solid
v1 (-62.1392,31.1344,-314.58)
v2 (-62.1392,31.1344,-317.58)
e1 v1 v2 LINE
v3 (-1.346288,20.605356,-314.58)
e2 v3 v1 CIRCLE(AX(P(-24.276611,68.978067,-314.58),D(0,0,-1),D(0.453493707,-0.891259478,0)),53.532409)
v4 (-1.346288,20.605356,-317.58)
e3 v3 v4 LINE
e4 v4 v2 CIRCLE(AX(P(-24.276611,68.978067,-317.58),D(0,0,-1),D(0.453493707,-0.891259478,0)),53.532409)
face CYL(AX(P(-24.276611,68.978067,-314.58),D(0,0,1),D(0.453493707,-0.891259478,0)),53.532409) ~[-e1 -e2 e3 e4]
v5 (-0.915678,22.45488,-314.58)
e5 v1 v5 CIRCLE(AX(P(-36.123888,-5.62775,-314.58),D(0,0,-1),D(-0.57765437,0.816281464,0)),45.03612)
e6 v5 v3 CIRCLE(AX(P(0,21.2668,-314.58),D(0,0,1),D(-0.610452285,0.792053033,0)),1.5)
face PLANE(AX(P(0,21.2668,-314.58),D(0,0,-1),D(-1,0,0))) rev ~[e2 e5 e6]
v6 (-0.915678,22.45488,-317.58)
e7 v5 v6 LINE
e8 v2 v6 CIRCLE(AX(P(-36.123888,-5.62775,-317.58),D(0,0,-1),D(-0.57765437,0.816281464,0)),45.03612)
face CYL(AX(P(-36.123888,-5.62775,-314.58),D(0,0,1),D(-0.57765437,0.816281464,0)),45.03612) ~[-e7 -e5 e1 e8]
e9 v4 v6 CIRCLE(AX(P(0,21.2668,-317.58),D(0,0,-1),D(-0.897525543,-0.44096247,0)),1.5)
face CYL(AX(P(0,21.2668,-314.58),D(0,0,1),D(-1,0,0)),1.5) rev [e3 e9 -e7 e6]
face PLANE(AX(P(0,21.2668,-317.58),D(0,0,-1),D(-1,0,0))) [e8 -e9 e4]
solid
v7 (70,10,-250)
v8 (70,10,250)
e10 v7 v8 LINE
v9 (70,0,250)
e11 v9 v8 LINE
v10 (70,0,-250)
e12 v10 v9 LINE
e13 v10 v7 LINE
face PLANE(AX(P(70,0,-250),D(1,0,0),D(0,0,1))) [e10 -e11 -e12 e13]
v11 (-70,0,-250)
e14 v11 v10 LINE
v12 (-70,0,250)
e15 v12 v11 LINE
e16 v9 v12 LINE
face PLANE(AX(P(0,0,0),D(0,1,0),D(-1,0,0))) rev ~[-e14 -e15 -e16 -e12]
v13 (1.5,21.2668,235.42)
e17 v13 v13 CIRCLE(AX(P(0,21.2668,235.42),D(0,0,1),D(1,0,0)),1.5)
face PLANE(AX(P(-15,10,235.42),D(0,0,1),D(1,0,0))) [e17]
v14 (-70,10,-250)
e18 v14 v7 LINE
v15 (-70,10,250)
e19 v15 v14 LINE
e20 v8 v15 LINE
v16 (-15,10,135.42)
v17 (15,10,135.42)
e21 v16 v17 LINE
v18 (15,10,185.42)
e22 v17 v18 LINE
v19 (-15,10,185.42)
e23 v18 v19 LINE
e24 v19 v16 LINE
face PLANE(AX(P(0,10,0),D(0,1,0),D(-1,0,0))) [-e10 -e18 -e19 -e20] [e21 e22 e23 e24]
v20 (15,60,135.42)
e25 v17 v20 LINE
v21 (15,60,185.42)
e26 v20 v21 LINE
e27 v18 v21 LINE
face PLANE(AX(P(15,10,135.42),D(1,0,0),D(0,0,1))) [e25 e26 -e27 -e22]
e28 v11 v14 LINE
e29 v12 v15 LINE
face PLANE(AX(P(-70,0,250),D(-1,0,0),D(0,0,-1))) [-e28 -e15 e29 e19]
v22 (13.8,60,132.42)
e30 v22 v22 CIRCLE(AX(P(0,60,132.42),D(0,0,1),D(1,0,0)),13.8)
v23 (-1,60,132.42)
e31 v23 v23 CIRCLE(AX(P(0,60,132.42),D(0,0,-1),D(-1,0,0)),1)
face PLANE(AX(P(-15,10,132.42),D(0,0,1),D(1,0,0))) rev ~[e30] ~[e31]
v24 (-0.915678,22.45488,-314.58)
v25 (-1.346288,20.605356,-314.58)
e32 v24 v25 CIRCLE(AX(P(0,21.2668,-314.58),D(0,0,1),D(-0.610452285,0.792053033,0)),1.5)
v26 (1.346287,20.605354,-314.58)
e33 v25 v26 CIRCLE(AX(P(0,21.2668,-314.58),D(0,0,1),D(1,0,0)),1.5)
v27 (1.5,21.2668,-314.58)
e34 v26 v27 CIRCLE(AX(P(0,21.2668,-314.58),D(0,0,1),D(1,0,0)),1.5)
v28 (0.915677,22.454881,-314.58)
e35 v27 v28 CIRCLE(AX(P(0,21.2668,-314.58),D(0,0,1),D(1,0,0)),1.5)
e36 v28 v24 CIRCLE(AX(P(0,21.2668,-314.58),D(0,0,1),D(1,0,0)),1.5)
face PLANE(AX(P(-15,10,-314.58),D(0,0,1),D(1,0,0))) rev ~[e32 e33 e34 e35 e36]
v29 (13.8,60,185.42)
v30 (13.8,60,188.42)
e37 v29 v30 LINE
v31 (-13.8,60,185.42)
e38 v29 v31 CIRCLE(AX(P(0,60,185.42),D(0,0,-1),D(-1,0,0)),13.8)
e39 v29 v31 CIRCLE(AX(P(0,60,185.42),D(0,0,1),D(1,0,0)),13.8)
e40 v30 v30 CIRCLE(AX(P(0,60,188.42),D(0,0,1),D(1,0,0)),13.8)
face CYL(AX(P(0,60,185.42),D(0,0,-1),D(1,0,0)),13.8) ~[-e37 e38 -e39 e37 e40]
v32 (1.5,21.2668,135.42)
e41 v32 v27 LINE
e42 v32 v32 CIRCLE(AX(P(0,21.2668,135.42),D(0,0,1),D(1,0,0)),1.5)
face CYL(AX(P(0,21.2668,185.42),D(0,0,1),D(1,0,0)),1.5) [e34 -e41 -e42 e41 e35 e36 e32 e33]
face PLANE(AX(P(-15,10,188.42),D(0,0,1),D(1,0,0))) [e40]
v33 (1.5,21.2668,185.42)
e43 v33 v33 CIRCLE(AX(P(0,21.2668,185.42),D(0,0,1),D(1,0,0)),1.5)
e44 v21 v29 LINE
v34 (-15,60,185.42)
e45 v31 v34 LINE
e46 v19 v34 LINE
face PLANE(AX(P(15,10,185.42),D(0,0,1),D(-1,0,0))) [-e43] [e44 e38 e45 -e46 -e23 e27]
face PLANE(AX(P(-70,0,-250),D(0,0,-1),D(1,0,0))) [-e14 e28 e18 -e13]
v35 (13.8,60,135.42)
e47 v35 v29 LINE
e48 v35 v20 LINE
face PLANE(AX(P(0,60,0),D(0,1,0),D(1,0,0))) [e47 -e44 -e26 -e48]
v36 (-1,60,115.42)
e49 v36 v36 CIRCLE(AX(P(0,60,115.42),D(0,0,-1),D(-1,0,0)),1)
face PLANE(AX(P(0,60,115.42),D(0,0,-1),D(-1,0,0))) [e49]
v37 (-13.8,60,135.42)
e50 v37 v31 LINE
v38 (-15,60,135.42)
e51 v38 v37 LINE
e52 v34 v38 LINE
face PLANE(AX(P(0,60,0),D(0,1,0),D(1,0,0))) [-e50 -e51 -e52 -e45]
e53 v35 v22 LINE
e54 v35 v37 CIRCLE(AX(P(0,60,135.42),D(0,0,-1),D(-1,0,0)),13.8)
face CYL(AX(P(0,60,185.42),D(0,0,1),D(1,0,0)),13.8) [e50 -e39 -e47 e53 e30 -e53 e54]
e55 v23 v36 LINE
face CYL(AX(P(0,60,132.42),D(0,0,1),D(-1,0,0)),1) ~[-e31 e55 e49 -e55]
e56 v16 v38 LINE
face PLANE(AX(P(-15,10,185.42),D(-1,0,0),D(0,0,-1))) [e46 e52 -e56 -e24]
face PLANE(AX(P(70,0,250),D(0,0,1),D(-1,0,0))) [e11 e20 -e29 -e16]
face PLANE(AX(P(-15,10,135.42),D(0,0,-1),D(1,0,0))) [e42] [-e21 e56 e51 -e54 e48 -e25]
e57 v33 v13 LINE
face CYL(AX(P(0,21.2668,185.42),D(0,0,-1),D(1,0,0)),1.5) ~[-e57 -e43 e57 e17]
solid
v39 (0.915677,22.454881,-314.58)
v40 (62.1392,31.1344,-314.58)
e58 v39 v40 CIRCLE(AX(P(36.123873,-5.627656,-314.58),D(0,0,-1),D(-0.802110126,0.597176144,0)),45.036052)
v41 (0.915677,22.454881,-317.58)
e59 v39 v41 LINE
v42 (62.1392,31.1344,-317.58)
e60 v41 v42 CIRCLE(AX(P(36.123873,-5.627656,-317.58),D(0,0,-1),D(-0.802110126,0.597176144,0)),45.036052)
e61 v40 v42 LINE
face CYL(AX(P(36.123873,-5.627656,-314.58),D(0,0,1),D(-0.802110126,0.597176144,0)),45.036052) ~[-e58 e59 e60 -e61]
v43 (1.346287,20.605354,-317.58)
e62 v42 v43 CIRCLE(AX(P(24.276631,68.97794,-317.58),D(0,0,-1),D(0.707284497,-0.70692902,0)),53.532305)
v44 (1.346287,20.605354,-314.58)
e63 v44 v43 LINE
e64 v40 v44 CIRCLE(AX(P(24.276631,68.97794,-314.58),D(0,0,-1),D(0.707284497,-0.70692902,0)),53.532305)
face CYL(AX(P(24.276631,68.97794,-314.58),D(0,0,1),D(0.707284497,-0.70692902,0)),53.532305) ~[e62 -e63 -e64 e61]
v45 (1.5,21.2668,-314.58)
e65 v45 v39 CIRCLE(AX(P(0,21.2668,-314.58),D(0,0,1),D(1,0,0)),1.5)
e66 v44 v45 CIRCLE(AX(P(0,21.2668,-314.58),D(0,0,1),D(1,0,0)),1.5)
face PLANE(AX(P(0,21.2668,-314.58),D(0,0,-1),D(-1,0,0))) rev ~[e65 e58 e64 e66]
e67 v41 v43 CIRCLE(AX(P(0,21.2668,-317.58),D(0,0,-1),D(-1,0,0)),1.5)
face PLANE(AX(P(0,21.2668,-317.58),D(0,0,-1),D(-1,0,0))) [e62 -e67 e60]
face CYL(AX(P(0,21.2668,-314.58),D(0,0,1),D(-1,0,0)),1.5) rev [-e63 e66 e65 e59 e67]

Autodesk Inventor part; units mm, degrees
ref_plane "YZ Plane" through (0, 0, 0) normal (1, 0, 0) x (0, 1, 0)
ref_plane "XZ Plane" through (0, 0, 0) normal (0, 1, 0) x (-1, 0, 0)
ref_plane "XY Plane" through (0, 0, 0) normal (0, 0, 1) x (1, 0, 0)
sketch "Sketch1" plane through (0, 0, 0) normal (0, 1, 0) x (-1, 0, 0)
  line L0 (-70, 250) -> (70, 250)
  line L1 (70, 250) -> (70, -250)
  line L2 (70, -250) -> (-70, -250)
  line L3 (-70, -250) -> (-70, 250)
  line L4 (-70, 250) -> (70, -250) construction
  line L5 (70, 250) -> (-70, -250) construction
  point P0 (0, 0)
  dimension "d0" = 140
  dimension "d1" = 500
extrude "Extrusion1" add sketch "Sketch1" along normal blind 10
sketch "Sketch2" plane through (0, 10, 0) normal (0, 1, 0) x (1, 0, 0)
  line L0 (15, -185.42) -> (-15, -185.42)
  line L1 (-15, -185.42) -> (-15, -135.42)
  line L2 (-15, -135.42) -> (15, -135.42)
  line L3 (15, -135.42) -> (15, -185.42)
  line L4 (15, -185.42) -> (-15, -135.42) construction
  line L5 (-15, -185.42) -> (15, -135.42) construction
  point P0 (0, 0)
  point P1 (0, -160.42)
  dimension "d4" = 30
  dimension "d5" = 50
extrude "Extrusion2" add sketch "Sketch2" along normal blind 50
sketch "Sketch3" plane through (15, 10, 135.42) normal (0, 0, -1) x (-1, 0, 0)
  line L0 (30, 50) -> (0, 50) projected
  circle A0 centre (15, 50) radius 13.8
  point P0 (15, -10)
  point P1 (1.2, 50)
  point P2 (28.8, 50)
  dimension "d8" = 27.6
extrude "Extrusion3" cut sketch "Sketch3" against normal blind 50 contours A0 L0 picked at (18.5768, 45.8488)
sketch "Sketch4" plane through (-15, 10, 185.42) normal (0, 0, 1) x (1, 0, 0)
  circle A0 centre (15, 11.2668) radius 1.5
  point P0 (15, -10)
  dimension "d11" = 3
extrude "Extrusion5" add sketch "Sketch4" along normal blind 50 and the other way blind 500
sketch "Sketch5" plane through (0, 21.2668, -314.58) normal (0, 0, -1) x (-1, 0, 0)
  circle A0 centre (0, 0) radius 1.5 projected
  arc A1 (62.1392, 9.8676) -> (0, 0) centre (36.1239, -26.8945) ccw
  arc A2 (0, 0) -> (62.1392, 9.8676) centre (24.2766, 47.7112) ccw
  arc A3 (0, 0) -> (-62.1392, 9.8676) centre (-36.1239, -26.8945) ccw
  arc A4 (-62.1392, 9.8676) -> (0, 0) centre (-24.2766, 47.7112) ccw
  point P0 (0, -21.2668)
  point P1 (1.3463, -0.6614)
  point P2 (0.9157, 1.1881)
  point P3 (-1.3463, -0.6614)
  point P4 (-0.9157, 1.1881)
extrude "Extrusion6" add sketch "Sketch5" along normal blind 3 contours A0 A1 A2 | A0 A4 A3 picked at (32.1855, 2.6766) picked at (-32.1855, 2.6766)
sketch "Sketch6" plane through (-15, 10, 185.42) normal (0, 0, 1) x (1, 0, 0)
  circle A0 centre (15, 50) radius 13.8
  point P0 (15, -10)
  dimension "d22" = 27.6
extrude "Extrusion7" add sketch "Sketch6" along normal blind 3 and the other way blind 53
sketch "Sketch7" plane through (0, 60, 132.42) normal (0, 0, -1) x (-1, 0, 0)
  circle A0 centre (0, 0) radius 1
  point P0 (0, -60)
  dimension "d27" = 2
extrude "Extrusion8" add sketch "Sketch7" along normal blind 17
properties part number "Motor Shaft"
